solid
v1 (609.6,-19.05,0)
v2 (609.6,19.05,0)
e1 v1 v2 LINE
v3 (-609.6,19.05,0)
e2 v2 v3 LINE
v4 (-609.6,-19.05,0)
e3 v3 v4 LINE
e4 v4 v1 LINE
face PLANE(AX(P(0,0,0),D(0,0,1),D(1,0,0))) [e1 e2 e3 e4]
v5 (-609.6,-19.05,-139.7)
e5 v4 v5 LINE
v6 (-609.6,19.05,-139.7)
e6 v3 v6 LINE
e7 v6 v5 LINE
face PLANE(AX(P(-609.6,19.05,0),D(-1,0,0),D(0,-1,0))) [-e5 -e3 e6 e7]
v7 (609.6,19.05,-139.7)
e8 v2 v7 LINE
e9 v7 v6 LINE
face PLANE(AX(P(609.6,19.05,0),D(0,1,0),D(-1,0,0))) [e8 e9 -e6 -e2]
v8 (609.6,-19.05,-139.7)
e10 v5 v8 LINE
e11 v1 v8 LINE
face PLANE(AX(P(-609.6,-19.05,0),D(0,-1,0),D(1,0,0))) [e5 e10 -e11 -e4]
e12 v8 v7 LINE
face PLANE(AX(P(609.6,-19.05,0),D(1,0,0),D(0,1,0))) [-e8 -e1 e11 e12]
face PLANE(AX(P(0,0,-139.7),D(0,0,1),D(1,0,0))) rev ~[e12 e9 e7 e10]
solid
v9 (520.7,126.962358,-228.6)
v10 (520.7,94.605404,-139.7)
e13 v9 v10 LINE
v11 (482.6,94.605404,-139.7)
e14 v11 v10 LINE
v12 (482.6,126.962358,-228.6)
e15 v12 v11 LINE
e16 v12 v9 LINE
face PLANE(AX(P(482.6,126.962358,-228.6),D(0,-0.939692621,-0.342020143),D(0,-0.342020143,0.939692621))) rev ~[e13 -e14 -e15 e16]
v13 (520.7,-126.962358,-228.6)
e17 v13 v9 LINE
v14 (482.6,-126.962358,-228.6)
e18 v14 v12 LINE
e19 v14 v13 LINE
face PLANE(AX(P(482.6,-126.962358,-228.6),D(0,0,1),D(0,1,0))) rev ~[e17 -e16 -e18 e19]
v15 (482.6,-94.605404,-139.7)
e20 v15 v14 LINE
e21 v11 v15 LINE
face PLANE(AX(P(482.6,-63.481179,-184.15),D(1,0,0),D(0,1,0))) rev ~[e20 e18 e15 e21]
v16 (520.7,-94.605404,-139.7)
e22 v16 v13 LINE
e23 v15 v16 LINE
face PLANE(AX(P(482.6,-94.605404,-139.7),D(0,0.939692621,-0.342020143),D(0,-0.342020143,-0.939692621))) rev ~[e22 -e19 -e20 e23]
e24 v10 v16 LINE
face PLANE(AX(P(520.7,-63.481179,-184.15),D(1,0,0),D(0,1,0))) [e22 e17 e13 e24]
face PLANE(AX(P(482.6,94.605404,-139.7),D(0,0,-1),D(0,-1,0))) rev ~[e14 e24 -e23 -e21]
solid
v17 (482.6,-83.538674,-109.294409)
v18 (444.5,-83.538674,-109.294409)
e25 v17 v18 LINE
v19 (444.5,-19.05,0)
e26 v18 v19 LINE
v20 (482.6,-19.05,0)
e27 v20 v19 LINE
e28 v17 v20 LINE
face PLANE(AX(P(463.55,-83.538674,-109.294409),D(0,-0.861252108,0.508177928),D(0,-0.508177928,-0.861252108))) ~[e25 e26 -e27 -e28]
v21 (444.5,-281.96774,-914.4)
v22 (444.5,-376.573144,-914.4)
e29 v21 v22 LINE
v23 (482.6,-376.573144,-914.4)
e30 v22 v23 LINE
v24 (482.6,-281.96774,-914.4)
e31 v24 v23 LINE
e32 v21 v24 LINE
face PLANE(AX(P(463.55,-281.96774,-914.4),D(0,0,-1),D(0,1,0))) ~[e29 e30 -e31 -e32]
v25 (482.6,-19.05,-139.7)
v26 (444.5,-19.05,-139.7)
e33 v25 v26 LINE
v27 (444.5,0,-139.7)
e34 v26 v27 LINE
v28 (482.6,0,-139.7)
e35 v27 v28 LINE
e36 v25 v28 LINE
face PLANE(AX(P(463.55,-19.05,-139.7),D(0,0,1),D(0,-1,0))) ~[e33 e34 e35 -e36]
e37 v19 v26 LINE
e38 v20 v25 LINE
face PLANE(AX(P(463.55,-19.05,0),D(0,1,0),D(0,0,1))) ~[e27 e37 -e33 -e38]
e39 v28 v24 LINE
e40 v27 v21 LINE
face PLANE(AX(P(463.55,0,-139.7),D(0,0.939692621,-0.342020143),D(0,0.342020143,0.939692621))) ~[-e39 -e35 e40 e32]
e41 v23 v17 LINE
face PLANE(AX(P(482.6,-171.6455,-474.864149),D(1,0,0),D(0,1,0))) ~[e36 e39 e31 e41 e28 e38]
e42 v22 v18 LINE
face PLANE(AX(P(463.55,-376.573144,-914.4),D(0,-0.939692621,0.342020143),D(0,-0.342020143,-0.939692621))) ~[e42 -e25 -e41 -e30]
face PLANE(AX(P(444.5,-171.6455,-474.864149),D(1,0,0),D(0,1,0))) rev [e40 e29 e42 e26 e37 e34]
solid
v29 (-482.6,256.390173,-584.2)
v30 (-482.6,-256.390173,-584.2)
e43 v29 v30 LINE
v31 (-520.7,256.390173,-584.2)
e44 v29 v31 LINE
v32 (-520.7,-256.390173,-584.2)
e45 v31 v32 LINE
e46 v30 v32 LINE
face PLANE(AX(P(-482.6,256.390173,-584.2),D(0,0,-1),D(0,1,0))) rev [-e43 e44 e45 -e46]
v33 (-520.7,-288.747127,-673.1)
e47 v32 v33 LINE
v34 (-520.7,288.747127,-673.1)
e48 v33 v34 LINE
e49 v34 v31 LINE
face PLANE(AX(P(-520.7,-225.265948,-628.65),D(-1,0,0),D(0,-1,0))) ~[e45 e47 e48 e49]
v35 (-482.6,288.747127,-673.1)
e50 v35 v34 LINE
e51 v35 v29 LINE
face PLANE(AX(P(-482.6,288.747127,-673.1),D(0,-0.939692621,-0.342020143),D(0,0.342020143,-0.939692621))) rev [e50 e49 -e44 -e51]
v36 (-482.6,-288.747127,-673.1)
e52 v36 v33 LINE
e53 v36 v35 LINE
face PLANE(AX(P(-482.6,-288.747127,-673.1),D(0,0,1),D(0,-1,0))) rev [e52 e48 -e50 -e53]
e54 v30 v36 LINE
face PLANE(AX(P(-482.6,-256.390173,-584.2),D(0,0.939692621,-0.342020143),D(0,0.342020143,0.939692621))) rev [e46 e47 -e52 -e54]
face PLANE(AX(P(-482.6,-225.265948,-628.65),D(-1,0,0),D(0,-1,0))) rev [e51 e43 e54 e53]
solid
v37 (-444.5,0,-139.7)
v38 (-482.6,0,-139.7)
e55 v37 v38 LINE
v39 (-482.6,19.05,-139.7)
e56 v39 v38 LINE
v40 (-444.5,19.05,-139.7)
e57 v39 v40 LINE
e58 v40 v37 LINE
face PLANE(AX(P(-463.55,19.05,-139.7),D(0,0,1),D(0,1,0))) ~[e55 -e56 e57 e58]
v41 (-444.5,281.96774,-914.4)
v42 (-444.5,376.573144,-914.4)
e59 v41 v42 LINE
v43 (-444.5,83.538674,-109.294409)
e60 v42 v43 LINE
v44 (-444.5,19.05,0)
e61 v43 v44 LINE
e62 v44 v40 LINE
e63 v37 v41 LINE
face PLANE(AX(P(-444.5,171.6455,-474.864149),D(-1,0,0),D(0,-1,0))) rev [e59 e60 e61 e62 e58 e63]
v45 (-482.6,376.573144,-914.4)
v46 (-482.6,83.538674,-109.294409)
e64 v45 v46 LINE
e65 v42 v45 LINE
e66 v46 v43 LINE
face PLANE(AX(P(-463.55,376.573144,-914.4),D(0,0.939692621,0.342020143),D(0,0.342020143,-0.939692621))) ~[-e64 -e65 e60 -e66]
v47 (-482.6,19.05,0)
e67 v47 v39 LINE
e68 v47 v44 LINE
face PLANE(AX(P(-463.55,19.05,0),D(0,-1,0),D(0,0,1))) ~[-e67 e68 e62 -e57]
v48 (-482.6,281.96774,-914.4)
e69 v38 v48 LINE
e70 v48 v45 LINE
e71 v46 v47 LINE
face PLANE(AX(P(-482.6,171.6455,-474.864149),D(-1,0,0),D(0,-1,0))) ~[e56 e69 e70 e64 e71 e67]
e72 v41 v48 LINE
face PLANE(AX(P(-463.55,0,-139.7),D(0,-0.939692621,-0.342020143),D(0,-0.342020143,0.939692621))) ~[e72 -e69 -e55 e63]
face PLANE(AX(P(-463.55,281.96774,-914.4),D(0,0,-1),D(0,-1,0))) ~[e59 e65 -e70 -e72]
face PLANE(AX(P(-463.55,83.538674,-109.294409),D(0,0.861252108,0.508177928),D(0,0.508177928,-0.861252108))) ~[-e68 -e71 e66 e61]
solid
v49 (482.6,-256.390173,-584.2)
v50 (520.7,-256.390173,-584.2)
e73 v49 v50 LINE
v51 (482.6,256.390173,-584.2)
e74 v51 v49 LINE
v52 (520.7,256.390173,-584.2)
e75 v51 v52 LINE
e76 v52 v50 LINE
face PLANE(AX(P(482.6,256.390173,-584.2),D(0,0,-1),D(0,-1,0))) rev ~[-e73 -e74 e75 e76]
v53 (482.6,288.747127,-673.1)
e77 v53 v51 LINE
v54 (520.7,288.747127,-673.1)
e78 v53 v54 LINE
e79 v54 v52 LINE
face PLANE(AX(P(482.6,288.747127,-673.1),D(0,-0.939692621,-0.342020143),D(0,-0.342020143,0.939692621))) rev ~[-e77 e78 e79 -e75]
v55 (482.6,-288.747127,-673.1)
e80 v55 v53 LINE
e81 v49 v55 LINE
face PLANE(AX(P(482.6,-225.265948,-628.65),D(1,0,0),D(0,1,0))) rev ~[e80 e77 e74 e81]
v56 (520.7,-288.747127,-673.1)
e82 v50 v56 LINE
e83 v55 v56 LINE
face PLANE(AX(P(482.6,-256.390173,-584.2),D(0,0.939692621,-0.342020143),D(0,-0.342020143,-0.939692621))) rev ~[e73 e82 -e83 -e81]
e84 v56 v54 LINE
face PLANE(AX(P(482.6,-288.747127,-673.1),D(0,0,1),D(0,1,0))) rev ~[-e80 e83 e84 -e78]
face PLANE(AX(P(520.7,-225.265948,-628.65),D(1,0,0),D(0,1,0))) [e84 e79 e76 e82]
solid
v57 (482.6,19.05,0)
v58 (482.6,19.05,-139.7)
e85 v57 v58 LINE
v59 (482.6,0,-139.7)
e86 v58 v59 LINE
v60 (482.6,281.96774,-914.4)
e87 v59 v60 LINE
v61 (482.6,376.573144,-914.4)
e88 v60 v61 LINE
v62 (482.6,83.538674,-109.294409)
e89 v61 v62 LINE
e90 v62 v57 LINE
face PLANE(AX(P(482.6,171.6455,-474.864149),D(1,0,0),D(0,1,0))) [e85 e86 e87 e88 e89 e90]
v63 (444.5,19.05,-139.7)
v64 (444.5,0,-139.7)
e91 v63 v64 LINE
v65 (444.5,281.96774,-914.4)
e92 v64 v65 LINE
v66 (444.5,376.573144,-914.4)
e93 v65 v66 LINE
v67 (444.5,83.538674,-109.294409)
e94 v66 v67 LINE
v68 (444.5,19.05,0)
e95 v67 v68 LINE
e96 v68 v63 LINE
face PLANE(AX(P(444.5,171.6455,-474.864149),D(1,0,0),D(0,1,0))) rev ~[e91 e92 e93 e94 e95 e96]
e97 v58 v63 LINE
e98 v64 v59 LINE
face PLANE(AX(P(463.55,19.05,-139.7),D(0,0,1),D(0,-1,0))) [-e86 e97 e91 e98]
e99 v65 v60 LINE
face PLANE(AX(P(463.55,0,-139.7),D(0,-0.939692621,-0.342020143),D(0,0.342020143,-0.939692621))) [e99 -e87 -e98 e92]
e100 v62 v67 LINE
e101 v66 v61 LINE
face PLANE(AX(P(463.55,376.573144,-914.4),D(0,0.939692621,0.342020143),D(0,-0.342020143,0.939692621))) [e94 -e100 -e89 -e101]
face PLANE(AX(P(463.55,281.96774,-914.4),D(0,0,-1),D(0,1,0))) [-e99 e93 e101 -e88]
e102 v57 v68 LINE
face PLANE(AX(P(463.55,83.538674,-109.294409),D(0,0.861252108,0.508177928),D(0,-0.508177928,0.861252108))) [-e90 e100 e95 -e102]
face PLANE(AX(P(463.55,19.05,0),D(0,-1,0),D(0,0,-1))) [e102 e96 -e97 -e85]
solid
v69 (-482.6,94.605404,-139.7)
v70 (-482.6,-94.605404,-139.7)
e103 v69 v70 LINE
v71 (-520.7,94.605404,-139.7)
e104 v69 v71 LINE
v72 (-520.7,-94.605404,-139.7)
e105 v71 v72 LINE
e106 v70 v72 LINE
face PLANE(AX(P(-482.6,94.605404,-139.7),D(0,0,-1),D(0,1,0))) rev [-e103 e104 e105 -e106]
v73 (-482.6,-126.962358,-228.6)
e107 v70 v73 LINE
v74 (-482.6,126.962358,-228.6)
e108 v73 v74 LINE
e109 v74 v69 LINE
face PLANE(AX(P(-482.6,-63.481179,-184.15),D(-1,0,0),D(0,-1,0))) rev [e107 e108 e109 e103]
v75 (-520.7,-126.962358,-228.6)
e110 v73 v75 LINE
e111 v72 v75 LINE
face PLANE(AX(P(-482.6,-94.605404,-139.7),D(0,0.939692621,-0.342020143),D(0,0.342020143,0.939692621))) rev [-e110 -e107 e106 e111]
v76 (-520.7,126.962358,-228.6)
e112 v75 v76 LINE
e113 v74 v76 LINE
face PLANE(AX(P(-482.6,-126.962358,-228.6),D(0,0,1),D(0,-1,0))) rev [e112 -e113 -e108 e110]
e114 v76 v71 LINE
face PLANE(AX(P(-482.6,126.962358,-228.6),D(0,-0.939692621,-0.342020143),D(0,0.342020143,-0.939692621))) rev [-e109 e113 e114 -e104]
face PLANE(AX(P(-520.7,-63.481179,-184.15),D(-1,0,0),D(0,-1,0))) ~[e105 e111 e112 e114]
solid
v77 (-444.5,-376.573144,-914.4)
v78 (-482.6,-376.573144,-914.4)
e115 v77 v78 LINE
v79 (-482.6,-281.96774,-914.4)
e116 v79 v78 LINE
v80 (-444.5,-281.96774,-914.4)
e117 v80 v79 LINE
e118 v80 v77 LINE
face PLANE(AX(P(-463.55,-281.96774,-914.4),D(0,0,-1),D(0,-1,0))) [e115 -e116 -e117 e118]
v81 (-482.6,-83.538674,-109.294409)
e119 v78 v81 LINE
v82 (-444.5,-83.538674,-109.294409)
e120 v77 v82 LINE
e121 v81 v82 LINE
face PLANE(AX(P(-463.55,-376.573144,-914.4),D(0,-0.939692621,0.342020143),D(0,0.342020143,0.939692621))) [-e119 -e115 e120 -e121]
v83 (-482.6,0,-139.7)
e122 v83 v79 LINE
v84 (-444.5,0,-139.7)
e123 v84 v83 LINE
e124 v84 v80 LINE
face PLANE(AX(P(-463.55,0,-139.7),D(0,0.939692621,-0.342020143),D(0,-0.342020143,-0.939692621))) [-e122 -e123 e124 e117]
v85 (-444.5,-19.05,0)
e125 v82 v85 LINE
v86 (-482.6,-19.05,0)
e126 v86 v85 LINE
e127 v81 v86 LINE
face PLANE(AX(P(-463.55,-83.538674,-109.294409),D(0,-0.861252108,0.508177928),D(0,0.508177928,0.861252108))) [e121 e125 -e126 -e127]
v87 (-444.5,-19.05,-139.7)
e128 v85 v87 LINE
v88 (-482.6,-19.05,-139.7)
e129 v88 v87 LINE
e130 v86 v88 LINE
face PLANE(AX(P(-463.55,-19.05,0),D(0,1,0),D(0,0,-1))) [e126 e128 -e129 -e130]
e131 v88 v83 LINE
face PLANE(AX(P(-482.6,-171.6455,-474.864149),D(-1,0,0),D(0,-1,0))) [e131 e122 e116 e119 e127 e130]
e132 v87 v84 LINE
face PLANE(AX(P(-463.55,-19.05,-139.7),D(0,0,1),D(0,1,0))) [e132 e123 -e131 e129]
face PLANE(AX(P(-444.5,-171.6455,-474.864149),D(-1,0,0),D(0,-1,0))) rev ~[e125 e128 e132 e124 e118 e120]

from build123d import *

# Parameters (mm, degrees)
F1_DEPTH = 139.7
F4_DEPTH = 19.05
F8_DEPTH = 38.1
F9_DEPTH = 38.1


with BuildPart() as f1:
    # F0 (on Top) → F1 (new body)
    with BuildSketch(Plane.XY):
        Polygon((-609.6, -19.05), (0, -19.05), (609.6, -19.05), (609.6, 19.05), (0, 19.05), (-609.6, 19.05), align=None)
    extrude(amount=-F1_DEPTH)


with BuildPart() as f4:
    # F3 (on offset) → F4 (new body, symmetric)
    with BuildSketch(Plane(origin=(-463.55, 0, 0), x_dir=(0, -1, 0), z_dir=(-1, 0, 0))):
        Polygon((19.05, -139.7), (0, -139.7), (281.967740486, -914.4), (376.5731444591, -914.4), (83.5386739879, -109.2944092583), (19.05, 0), align=None)
    extrude(amount=F4_DEPTH, both=True)


with BuildPart() as f5_1:
    # F5: instance of F4
    add(f4.part.mirror(Plane.XZ))


with BuildPart() as f6_1:
    # F6: instance of F4
    add(f4.part.mirror(Plane.YZ))


with BuildPart() as f6_2:
    # F6: instance of F5_1
    add(f5_1.part.mirror(Plane.YZ))


with BuildPart() as f8:
    # F7 (on face) → F8 (new body)
    with BuildSketch(Plane.YZ.offset(482.6)):
        Polygon((-19.05, -139.7), (-94.6054039731, -139.7), (-126.9623577994, -228.6), (-32.3569538263, -228.6), (0, -139.7), align=None)
        Polygon((0, -139.7), (-32.3569538263, -228.6), (126.9623577994, -228.6), (94.6054039731, -139.7), (19.05, -139.7), align=None)
    extrude(amount=F8_DEPTH)


with BuildPart() as f9:
    # F7 (on face) → F9 (new body)
    with BuildSketch(Plane.YZ.offset(482.6)):
        Polygon((-161.7847691313, -584.2), (-256.3901731044, -584.2), (-288.7471269307, -673.1), (-194.1417229576, -673.1), align=None)
        Polygon((256.3901731044, -584.2), (-161.7847691313, -584.2), (-194.1417229576, -673.1), (288.7471269307, -673.1), align=None)
    extrude(amount=F9_DEPTH)


with BuildPart() as f10_1:
    # F10: instance of F8
    add(f8.part.mirror(Plane.YZ))


with BuildPart() as f10_2:
    # F10: instance of F9
    add(f9.part.mirror(Plane.YZ))


solid = Compound([f1.part, f4.part, f5_1.part, f6_1.part, f6_2.part, f8.part, f9.part, f10_1.part, f10_2.part])
